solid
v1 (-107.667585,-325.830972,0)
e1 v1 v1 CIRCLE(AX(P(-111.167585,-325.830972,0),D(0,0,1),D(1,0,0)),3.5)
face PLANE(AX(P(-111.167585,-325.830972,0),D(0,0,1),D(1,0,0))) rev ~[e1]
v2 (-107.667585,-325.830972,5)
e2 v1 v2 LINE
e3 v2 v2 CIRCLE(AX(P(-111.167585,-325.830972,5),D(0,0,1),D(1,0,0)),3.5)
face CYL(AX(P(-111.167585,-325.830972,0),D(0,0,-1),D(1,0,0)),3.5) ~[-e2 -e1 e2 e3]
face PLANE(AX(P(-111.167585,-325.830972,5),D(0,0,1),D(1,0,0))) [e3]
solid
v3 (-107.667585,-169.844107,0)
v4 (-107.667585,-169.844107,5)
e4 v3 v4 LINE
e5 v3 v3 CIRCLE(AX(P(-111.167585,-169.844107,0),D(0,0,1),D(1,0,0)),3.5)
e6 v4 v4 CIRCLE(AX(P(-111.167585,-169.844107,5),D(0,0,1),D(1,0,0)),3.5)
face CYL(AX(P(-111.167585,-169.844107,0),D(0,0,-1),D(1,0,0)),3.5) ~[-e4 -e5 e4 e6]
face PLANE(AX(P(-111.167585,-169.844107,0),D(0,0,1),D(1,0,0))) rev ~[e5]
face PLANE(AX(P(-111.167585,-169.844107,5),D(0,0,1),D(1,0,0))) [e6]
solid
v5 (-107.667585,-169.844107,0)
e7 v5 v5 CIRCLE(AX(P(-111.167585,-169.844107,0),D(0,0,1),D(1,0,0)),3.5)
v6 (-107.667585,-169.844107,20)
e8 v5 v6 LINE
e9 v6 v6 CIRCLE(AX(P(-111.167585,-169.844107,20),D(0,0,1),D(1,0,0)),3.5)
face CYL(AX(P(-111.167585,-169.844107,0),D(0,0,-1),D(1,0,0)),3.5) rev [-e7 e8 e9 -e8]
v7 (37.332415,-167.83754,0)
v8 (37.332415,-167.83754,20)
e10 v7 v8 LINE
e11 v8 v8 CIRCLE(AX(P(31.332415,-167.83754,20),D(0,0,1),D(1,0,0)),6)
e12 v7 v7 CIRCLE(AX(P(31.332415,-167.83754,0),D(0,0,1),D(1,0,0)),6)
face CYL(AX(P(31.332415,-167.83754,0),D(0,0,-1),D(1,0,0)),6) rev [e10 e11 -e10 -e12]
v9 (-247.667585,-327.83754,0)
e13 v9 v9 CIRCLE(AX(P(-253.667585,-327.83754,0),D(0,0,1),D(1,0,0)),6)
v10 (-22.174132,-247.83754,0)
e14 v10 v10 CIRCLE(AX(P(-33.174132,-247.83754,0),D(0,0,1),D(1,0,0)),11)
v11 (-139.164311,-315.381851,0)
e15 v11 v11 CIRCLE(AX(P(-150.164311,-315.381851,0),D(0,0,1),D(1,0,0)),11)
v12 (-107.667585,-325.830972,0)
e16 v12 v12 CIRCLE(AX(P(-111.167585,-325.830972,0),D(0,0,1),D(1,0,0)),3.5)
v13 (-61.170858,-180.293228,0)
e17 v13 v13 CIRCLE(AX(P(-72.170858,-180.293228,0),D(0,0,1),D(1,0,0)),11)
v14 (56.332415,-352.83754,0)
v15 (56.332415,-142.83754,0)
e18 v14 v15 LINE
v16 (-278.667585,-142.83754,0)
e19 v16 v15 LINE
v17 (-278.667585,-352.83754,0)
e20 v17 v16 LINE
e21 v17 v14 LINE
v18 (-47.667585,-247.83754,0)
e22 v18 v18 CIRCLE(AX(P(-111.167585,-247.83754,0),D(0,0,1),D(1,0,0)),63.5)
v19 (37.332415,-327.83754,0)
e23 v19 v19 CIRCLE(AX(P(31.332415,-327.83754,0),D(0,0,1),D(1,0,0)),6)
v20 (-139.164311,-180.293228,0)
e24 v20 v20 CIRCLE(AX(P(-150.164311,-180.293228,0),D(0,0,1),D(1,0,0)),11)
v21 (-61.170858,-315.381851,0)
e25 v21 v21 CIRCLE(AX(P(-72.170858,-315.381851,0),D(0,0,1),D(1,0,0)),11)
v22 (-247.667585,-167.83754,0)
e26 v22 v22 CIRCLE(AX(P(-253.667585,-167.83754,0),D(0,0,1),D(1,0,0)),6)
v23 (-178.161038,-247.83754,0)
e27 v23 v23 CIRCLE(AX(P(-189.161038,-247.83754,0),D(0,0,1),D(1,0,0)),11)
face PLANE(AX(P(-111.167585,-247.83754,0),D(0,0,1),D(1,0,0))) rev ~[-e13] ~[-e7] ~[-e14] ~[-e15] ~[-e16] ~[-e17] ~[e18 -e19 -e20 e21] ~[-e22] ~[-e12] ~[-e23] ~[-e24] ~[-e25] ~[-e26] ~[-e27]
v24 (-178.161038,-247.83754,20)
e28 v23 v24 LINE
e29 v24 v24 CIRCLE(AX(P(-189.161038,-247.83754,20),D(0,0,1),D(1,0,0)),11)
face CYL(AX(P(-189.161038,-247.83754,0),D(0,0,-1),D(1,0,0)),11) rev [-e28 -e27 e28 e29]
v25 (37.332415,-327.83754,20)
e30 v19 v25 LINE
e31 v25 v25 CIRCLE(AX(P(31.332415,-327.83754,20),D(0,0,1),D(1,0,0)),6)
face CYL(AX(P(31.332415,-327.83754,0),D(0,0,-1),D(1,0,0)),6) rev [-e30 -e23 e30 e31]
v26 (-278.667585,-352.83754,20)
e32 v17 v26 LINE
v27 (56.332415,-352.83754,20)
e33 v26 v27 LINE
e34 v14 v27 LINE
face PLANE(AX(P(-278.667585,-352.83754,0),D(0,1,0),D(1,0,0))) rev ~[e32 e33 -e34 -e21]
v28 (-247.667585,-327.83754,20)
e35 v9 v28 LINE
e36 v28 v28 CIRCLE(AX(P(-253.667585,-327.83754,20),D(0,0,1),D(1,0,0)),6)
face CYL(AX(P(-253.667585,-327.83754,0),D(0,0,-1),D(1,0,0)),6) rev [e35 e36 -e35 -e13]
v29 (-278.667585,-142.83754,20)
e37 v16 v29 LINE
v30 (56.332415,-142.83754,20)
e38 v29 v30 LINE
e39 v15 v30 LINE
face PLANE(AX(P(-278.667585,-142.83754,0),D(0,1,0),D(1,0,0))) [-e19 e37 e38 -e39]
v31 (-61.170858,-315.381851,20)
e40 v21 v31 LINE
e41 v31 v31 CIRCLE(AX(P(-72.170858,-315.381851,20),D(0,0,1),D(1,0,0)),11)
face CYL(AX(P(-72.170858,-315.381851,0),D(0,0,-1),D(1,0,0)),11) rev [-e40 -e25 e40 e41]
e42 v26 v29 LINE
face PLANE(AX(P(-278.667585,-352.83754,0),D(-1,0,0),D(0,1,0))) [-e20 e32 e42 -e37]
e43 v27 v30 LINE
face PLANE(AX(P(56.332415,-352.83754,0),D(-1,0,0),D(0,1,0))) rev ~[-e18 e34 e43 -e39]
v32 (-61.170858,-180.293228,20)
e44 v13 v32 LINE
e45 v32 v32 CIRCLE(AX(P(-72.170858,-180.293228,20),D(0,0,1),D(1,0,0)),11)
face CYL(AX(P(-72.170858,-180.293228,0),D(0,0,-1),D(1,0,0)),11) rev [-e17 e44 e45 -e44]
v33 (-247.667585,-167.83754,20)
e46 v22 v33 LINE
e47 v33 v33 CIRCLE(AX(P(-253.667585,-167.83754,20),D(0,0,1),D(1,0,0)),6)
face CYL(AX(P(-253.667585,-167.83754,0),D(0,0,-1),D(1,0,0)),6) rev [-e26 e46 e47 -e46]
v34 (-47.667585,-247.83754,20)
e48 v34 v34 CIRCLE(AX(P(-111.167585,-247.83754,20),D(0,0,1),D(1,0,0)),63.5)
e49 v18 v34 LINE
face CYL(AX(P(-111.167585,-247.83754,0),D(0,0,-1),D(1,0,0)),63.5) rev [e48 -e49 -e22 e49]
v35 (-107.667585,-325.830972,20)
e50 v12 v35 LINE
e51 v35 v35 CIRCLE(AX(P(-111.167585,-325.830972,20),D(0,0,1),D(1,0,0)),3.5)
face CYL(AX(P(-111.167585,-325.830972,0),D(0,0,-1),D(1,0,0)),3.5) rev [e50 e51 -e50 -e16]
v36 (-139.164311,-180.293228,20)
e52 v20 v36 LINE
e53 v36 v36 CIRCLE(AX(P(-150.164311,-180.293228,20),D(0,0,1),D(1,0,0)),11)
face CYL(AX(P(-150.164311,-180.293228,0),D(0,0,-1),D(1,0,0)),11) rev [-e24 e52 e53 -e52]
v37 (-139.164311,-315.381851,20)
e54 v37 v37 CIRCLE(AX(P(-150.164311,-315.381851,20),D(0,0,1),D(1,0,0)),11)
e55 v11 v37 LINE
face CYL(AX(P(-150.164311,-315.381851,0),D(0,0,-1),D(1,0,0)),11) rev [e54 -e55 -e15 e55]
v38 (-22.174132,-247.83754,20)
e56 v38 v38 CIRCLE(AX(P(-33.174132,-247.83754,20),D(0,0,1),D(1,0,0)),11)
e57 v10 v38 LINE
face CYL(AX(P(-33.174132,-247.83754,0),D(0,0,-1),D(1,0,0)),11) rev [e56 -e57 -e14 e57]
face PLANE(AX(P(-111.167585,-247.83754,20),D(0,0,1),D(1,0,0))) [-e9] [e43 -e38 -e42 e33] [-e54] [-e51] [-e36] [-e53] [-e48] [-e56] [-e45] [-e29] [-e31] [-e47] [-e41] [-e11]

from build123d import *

# Parameters (mm, degrees)
F0_W     = 335
F0_H     = 210
F0_R     = 6
F0_R_2   = 11
F0_R_3   = 3.5
F0_R_4   = 63.5
F1_DEPTH = 20
F2_DEPTH = 5


with BuildPart() as f1:
    # F0 (on Top) → F1 (new body)
    with BuildSketch(Plane.XY):
        with Locations((-111.167585, -247.83754)):
            Rectangle(F0_W, F0_H)
        with Locations((-253.667585, -327.83754)):
            Circle(F0_R, mode=Mode.SUBTRACT)
        with Locations((-150.164311, -315.381851)):
            Circle(F0_R_2, mode=Mode.SUBTRACT)
        with Locations((-111.167585, -325.830972)):
            Circle(F0_R_3, mode=Mode.SUBTRACT)
        with Locations((-111.167585, -247.83754)):
            Circle(F0_R_4, mode=Mode.SUBTRACT)
        with Locations((-72.170858, -315.381851)):
            Circle(F0_R_2, mode=Mode.SUBTRACT)
        with Locations((31.332415, -327.83754)):
            Circle(F0_R, mode=Mode.SUBTRACT)
        with Locations((-189.161038, -247.83754)):
            Circle(F0_R_2, mode=Mode.SUBTRACT)
        with Locations((-253.667585, -167.83754)):
            Circle(F0_R, mode=Mode.SUBTRACT)
        with Locations((-150.164311, -180.293228)):
            Circle(F0_R_2, mode=Mode.SUBTRACT)
        with Locations((-111.167585, -169.844107)):
            Circle(F0_R_3, mode=Mode.SUBTRACT)
        with Locations((-33.174132, -247.83754)):
            Circle(F0_R_2, mode=Mode.SUBTRACT)
        with Locations((-72.170858, -180.293228)):
            Circle(F0_R_2, mode=Mode.SUBTRACT)
        with Locations((31.332415, -167.83754)):
            Circle(F0_R, mode=Mode.SUBTRACT)
    extrude(amount=F1_DEPTH)


with BuildPart() as f2:
    # F0 (on Top) → F2 (new body)
    with BuildSketch(Plane.XY):
        with Locations((-111.167585, -169.844107)):
            Circle(F0_R_3)
        with Locations((-111.167585, -325.830972)):
            Circle(F0_R_3)
    extrude(amount=F2_DEPTH)


solid = Compound([f1.part, f2.part])
